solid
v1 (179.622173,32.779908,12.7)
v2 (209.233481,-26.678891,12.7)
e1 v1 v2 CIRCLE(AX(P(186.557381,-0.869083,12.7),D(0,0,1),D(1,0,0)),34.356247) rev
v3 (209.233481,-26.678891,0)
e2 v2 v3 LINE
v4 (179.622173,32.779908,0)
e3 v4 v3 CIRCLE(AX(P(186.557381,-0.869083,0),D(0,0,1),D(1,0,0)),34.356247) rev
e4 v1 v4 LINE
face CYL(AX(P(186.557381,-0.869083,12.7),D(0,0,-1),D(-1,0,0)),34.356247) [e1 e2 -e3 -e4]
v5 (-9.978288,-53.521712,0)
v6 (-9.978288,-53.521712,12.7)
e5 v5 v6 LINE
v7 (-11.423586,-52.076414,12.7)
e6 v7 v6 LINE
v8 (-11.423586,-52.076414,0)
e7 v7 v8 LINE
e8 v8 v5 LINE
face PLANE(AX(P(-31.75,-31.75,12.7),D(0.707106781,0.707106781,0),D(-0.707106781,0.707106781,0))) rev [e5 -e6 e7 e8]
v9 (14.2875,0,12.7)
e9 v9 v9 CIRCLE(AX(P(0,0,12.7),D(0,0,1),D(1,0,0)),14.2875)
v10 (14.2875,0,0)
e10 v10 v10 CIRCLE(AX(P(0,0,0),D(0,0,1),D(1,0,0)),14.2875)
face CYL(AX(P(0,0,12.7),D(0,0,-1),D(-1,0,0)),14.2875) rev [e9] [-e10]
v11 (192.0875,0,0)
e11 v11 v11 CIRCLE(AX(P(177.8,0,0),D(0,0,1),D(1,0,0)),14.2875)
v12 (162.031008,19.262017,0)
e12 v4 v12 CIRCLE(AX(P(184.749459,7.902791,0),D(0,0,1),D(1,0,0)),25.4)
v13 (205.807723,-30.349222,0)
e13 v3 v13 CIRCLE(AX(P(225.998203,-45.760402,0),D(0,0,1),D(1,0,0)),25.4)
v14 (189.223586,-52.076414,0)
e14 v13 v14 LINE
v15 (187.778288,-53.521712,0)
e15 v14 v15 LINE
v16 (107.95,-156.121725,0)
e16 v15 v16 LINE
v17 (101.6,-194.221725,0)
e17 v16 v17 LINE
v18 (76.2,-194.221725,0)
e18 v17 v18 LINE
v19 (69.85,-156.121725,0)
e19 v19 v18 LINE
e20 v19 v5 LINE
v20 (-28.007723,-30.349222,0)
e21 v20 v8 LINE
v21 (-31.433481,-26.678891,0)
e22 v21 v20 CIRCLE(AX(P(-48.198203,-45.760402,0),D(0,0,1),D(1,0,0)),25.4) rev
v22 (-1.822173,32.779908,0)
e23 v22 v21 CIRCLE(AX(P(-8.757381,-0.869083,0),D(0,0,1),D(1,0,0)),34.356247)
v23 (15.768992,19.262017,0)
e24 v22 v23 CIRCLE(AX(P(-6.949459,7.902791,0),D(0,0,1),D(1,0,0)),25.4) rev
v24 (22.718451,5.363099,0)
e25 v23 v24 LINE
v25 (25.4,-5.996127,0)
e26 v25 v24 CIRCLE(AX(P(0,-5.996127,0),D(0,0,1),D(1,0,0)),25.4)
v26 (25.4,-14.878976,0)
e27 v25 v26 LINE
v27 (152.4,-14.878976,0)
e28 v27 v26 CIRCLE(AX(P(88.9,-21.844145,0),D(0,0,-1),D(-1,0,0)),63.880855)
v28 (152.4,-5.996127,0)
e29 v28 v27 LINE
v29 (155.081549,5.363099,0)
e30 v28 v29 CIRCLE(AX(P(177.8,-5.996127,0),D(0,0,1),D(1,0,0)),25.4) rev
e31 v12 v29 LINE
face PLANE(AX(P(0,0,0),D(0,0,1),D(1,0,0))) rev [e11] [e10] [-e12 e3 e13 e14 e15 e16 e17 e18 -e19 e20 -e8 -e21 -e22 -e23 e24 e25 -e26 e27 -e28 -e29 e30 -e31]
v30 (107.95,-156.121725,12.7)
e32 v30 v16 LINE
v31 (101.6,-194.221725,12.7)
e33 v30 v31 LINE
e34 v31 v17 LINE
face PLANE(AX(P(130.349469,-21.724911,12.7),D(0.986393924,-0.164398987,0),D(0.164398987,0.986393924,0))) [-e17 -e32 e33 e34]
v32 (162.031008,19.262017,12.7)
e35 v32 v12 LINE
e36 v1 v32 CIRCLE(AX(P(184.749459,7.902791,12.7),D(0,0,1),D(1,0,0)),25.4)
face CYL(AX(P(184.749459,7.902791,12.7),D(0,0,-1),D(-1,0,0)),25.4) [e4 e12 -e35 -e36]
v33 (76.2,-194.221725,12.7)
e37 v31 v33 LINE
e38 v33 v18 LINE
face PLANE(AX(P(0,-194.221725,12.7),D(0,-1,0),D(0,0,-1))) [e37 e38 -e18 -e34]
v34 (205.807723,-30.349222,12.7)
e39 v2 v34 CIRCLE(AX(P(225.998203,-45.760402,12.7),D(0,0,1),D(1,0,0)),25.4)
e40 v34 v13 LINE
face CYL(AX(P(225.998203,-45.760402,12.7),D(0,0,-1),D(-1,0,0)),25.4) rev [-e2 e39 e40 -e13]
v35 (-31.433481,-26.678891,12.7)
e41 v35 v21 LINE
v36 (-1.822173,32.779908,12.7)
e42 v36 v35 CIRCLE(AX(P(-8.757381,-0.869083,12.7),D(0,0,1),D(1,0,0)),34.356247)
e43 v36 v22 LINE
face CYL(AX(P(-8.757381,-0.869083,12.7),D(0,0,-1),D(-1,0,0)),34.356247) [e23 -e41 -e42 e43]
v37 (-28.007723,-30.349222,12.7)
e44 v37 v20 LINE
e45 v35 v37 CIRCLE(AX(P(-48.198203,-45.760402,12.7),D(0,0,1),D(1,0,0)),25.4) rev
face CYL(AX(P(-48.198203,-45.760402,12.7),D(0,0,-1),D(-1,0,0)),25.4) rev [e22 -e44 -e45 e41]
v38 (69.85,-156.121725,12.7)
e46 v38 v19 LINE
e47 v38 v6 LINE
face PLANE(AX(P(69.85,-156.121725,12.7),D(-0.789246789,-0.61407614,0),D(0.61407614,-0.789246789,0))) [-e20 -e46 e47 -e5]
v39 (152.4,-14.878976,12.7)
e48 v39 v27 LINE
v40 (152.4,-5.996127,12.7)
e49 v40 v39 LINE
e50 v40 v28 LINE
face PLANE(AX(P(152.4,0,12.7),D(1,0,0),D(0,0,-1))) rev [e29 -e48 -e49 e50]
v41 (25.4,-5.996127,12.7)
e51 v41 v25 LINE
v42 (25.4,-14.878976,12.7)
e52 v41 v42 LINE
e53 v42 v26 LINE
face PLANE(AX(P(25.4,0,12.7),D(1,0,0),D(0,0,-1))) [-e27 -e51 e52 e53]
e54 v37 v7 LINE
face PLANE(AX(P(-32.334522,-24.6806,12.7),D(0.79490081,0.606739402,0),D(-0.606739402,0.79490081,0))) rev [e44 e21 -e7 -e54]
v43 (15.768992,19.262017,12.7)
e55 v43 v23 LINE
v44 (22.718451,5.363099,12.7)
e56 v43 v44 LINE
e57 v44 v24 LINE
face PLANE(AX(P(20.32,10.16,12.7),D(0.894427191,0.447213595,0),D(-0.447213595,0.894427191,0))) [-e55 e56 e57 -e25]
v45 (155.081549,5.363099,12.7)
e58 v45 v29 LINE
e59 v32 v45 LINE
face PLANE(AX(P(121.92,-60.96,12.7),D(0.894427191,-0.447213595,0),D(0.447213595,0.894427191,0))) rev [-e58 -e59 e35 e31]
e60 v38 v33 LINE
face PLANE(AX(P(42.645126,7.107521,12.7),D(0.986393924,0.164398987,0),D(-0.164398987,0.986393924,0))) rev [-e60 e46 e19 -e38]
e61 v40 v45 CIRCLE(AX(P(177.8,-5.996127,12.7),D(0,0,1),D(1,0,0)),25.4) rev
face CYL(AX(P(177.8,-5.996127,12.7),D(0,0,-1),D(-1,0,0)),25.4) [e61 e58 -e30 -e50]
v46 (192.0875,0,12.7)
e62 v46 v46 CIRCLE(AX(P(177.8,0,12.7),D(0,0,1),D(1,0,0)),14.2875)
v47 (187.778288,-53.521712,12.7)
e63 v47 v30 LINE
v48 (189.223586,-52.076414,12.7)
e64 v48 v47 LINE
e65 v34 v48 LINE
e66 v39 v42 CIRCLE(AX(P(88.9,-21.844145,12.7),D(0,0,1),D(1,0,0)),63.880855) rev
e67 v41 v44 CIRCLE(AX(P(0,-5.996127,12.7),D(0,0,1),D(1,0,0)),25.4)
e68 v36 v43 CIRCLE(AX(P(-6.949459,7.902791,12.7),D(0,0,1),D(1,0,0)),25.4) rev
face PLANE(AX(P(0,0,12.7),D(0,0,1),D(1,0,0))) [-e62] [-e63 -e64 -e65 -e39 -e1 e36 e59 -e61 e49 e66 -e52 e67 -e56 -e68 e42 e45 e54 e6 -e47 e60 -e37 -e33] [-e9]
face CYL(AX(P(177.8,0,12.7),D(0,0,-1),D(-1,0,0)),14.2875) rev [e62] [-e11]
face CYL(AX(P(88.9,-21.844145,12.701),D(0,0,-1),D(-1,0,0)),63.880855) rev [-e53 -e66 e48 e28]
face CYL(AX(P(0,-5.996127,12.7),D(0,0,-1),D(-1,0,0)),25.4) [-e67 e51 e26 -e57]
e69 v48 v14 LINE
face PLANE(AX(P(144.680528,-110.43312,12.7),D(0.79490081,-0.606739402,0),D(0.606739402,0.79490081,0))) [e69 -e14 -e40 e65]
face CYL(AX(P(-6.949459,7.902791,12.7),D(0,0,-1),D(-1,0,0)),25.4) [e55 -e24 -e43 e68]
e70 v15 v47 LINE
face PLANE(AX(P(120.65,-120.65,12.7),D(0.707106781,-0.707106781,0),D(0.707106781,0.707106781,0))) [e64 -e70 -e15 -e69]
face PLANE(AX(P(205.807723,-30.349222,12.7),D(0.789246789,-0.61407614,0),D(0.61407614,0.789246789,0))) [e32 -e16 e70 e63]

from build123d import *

# Parameters (mm, degrees)
SKETCH1_R           = 14.2875
BOSS_EXTRUDE1_DEPTH = 12.7
CUT_EXTRUDE1_REACH  = 296.425
BOSS_EXTRUDE2_DEPTH = 12.7


with BuildPart() as part:
    # Sketch1 → Boss-Extrude1 (new body)
    with BuildSketch(Plane.XY):
        with BuildLine():
            ThreePointArc((15.768991732, 19.262016535), (8.527285023, 28.043059255), (-1.822173444, 32.779908077))
            ThreePointArc((-1.822173444, 32.779908077), (-39.510935789, 14.446614644), (-31.433481123, -26.678890597))
            ThreePointArc((-31.433481123, -26.678890597), (-29.629692736, -28.429204591), (-28.007722741, -30.349221507))
            Line((-28.007722741, -30.349221507), (-11.423585695, -52.076414305))
            Line((-11.423585695, -52.076414305), (25.4, -88.9))
            Line((25.4, -88.9), (69.85, -156.121724899))
            Line((69.85, -156.121724899), (76.2, -194.221724899))
            Line((76.2, -194.221724899), (101.6, -194.221724899))
            Line((101.6, -194.221724899), (107.95, -156.121724899))
            Line((107.95, -156.121724899), (152.4, -88.9))
            Line((152.4, -88.9), (189.223585695, -52.076414305))
            Line((189.223585695, -52.076414305), (205.807722741, -30.349221507))
            ThreePointArc((205.807722741, -30.349221507), (207.429692736, -28.429204591), (209.233481123, -26.678890597))
            ThreePointArc((209.233481123, -26.678890597), (217.310935789, 14.446614644), (179.622173444, 32.779908077))
            ThreePointArc((179.622173444, 32.779908077), (169.272714977, 28.043059255), (162.031008268, 19.262016535))
            Line((162.031008268, 19.262016535), (155.081549349, 5.363098697))
            ThreePointArc((155.081549349, 5.363098697), (153.948502104, 2.736916834), (153.117891795, 0))
            ThreePointArc((153.117891795, 0), (152.580111535, -2.976652205), (152.4, -5.996126628))
            Line((152.4, -5.996126628), (152.4, -14.878975516))
            ThreePointArc((152.4, -14.878975516), (150.466540126, -24.599134698), (144.960512242, -32.839487758))
            Line((144.960512242, -32.839487758), (106.860512242, -70.939487758))
            ThreePointArc((106.860512242, -70.939487758), (88.9, -78.378975516), (70.939487758, -70.939487758))
            Line((70.939487758, -70.939487758), (32.839487758, -32.839487758))
            ThreePointArc((32.839487758, -32.839487758), (27.333459874, -24.599134698), (25.4, -14.878975516))
            Line((25.4, -14.878975516), (25.4, -5.996126628))
            ThreePointArc((25.4, -5.996126628), (24.720524332, -0.160402447), (22.718450651, 5.363098697))
            Line((22.718450651, 5.363098697), (15.768991732, 19.262016535))
        make_face()
        Circle(SKETCH1_R, mode=Mode.SUBTRACT)
        with Locations((177.8, 0)):
            Circle(SKETCH1_R, mode=Mode.SUBTRACT)
    extrude(amount=BOSS_EXTRUDE1_DEPTH)

    # Sketch2 → Cut-Extrude1 (cut, up to next)
    with BuildSketch(Plane(origin=(0, 0, 0), x_dir=(-1, 0, 0), z_dir=(0, 0, -1)), mode=Mode.PRIVATE) as cut_extrude1_sk1:
        with BuildLine():
            Line((-152.4, -14.878975516), (-25.4, -14.878975516))
            ThreePointArc((-25.4, -14.878975516), (-88.9, -85.725), (-152.4, -14.878975516))
        make_face()
    cut_extrude1_tool1 = extrude(cut_extrude1_sk1.sketch, amount=-CUT_EXTRUDE1_REACH, mode=Mode.PRIVATE) & part.part
    add(cut_extrude1_tool1.solids().sort_by_distance((88.9, -45.233395, 0))[0], mode=Mode.SUBTRACT)

    # Sketch3 → Boss-Extrude2 (add, through all)
    with BuildSketch(Plane(origin=(0, 0, 0), x_dir=(-1, 0, 0), z_dir=(0, 0, -1))):
        with BuildLine():
            Line((-205.807722741, -30.349221507), (-107.95, -156.121724899))
            Line((-107.95, -156.121724899), (-69.85, -156.121724899))
            Line((-69.85, -156.121724899), (28.007722741, -30.349221507))
            Line((28.007722741, -30.349221507), (-25.01914535, -21.84414535))
            ThreePointArc((-25.01914535, -21.84414535), (-88.9, -85.725), (-152.78085465, -21.84414535))
            Line((-152.78085465, -21.84414535), (-205.807722741, -30.349221507))
        make_face()
    extrude(amount=-BOSS_EXTRUDE2_DEPTH)


solid = part.part
